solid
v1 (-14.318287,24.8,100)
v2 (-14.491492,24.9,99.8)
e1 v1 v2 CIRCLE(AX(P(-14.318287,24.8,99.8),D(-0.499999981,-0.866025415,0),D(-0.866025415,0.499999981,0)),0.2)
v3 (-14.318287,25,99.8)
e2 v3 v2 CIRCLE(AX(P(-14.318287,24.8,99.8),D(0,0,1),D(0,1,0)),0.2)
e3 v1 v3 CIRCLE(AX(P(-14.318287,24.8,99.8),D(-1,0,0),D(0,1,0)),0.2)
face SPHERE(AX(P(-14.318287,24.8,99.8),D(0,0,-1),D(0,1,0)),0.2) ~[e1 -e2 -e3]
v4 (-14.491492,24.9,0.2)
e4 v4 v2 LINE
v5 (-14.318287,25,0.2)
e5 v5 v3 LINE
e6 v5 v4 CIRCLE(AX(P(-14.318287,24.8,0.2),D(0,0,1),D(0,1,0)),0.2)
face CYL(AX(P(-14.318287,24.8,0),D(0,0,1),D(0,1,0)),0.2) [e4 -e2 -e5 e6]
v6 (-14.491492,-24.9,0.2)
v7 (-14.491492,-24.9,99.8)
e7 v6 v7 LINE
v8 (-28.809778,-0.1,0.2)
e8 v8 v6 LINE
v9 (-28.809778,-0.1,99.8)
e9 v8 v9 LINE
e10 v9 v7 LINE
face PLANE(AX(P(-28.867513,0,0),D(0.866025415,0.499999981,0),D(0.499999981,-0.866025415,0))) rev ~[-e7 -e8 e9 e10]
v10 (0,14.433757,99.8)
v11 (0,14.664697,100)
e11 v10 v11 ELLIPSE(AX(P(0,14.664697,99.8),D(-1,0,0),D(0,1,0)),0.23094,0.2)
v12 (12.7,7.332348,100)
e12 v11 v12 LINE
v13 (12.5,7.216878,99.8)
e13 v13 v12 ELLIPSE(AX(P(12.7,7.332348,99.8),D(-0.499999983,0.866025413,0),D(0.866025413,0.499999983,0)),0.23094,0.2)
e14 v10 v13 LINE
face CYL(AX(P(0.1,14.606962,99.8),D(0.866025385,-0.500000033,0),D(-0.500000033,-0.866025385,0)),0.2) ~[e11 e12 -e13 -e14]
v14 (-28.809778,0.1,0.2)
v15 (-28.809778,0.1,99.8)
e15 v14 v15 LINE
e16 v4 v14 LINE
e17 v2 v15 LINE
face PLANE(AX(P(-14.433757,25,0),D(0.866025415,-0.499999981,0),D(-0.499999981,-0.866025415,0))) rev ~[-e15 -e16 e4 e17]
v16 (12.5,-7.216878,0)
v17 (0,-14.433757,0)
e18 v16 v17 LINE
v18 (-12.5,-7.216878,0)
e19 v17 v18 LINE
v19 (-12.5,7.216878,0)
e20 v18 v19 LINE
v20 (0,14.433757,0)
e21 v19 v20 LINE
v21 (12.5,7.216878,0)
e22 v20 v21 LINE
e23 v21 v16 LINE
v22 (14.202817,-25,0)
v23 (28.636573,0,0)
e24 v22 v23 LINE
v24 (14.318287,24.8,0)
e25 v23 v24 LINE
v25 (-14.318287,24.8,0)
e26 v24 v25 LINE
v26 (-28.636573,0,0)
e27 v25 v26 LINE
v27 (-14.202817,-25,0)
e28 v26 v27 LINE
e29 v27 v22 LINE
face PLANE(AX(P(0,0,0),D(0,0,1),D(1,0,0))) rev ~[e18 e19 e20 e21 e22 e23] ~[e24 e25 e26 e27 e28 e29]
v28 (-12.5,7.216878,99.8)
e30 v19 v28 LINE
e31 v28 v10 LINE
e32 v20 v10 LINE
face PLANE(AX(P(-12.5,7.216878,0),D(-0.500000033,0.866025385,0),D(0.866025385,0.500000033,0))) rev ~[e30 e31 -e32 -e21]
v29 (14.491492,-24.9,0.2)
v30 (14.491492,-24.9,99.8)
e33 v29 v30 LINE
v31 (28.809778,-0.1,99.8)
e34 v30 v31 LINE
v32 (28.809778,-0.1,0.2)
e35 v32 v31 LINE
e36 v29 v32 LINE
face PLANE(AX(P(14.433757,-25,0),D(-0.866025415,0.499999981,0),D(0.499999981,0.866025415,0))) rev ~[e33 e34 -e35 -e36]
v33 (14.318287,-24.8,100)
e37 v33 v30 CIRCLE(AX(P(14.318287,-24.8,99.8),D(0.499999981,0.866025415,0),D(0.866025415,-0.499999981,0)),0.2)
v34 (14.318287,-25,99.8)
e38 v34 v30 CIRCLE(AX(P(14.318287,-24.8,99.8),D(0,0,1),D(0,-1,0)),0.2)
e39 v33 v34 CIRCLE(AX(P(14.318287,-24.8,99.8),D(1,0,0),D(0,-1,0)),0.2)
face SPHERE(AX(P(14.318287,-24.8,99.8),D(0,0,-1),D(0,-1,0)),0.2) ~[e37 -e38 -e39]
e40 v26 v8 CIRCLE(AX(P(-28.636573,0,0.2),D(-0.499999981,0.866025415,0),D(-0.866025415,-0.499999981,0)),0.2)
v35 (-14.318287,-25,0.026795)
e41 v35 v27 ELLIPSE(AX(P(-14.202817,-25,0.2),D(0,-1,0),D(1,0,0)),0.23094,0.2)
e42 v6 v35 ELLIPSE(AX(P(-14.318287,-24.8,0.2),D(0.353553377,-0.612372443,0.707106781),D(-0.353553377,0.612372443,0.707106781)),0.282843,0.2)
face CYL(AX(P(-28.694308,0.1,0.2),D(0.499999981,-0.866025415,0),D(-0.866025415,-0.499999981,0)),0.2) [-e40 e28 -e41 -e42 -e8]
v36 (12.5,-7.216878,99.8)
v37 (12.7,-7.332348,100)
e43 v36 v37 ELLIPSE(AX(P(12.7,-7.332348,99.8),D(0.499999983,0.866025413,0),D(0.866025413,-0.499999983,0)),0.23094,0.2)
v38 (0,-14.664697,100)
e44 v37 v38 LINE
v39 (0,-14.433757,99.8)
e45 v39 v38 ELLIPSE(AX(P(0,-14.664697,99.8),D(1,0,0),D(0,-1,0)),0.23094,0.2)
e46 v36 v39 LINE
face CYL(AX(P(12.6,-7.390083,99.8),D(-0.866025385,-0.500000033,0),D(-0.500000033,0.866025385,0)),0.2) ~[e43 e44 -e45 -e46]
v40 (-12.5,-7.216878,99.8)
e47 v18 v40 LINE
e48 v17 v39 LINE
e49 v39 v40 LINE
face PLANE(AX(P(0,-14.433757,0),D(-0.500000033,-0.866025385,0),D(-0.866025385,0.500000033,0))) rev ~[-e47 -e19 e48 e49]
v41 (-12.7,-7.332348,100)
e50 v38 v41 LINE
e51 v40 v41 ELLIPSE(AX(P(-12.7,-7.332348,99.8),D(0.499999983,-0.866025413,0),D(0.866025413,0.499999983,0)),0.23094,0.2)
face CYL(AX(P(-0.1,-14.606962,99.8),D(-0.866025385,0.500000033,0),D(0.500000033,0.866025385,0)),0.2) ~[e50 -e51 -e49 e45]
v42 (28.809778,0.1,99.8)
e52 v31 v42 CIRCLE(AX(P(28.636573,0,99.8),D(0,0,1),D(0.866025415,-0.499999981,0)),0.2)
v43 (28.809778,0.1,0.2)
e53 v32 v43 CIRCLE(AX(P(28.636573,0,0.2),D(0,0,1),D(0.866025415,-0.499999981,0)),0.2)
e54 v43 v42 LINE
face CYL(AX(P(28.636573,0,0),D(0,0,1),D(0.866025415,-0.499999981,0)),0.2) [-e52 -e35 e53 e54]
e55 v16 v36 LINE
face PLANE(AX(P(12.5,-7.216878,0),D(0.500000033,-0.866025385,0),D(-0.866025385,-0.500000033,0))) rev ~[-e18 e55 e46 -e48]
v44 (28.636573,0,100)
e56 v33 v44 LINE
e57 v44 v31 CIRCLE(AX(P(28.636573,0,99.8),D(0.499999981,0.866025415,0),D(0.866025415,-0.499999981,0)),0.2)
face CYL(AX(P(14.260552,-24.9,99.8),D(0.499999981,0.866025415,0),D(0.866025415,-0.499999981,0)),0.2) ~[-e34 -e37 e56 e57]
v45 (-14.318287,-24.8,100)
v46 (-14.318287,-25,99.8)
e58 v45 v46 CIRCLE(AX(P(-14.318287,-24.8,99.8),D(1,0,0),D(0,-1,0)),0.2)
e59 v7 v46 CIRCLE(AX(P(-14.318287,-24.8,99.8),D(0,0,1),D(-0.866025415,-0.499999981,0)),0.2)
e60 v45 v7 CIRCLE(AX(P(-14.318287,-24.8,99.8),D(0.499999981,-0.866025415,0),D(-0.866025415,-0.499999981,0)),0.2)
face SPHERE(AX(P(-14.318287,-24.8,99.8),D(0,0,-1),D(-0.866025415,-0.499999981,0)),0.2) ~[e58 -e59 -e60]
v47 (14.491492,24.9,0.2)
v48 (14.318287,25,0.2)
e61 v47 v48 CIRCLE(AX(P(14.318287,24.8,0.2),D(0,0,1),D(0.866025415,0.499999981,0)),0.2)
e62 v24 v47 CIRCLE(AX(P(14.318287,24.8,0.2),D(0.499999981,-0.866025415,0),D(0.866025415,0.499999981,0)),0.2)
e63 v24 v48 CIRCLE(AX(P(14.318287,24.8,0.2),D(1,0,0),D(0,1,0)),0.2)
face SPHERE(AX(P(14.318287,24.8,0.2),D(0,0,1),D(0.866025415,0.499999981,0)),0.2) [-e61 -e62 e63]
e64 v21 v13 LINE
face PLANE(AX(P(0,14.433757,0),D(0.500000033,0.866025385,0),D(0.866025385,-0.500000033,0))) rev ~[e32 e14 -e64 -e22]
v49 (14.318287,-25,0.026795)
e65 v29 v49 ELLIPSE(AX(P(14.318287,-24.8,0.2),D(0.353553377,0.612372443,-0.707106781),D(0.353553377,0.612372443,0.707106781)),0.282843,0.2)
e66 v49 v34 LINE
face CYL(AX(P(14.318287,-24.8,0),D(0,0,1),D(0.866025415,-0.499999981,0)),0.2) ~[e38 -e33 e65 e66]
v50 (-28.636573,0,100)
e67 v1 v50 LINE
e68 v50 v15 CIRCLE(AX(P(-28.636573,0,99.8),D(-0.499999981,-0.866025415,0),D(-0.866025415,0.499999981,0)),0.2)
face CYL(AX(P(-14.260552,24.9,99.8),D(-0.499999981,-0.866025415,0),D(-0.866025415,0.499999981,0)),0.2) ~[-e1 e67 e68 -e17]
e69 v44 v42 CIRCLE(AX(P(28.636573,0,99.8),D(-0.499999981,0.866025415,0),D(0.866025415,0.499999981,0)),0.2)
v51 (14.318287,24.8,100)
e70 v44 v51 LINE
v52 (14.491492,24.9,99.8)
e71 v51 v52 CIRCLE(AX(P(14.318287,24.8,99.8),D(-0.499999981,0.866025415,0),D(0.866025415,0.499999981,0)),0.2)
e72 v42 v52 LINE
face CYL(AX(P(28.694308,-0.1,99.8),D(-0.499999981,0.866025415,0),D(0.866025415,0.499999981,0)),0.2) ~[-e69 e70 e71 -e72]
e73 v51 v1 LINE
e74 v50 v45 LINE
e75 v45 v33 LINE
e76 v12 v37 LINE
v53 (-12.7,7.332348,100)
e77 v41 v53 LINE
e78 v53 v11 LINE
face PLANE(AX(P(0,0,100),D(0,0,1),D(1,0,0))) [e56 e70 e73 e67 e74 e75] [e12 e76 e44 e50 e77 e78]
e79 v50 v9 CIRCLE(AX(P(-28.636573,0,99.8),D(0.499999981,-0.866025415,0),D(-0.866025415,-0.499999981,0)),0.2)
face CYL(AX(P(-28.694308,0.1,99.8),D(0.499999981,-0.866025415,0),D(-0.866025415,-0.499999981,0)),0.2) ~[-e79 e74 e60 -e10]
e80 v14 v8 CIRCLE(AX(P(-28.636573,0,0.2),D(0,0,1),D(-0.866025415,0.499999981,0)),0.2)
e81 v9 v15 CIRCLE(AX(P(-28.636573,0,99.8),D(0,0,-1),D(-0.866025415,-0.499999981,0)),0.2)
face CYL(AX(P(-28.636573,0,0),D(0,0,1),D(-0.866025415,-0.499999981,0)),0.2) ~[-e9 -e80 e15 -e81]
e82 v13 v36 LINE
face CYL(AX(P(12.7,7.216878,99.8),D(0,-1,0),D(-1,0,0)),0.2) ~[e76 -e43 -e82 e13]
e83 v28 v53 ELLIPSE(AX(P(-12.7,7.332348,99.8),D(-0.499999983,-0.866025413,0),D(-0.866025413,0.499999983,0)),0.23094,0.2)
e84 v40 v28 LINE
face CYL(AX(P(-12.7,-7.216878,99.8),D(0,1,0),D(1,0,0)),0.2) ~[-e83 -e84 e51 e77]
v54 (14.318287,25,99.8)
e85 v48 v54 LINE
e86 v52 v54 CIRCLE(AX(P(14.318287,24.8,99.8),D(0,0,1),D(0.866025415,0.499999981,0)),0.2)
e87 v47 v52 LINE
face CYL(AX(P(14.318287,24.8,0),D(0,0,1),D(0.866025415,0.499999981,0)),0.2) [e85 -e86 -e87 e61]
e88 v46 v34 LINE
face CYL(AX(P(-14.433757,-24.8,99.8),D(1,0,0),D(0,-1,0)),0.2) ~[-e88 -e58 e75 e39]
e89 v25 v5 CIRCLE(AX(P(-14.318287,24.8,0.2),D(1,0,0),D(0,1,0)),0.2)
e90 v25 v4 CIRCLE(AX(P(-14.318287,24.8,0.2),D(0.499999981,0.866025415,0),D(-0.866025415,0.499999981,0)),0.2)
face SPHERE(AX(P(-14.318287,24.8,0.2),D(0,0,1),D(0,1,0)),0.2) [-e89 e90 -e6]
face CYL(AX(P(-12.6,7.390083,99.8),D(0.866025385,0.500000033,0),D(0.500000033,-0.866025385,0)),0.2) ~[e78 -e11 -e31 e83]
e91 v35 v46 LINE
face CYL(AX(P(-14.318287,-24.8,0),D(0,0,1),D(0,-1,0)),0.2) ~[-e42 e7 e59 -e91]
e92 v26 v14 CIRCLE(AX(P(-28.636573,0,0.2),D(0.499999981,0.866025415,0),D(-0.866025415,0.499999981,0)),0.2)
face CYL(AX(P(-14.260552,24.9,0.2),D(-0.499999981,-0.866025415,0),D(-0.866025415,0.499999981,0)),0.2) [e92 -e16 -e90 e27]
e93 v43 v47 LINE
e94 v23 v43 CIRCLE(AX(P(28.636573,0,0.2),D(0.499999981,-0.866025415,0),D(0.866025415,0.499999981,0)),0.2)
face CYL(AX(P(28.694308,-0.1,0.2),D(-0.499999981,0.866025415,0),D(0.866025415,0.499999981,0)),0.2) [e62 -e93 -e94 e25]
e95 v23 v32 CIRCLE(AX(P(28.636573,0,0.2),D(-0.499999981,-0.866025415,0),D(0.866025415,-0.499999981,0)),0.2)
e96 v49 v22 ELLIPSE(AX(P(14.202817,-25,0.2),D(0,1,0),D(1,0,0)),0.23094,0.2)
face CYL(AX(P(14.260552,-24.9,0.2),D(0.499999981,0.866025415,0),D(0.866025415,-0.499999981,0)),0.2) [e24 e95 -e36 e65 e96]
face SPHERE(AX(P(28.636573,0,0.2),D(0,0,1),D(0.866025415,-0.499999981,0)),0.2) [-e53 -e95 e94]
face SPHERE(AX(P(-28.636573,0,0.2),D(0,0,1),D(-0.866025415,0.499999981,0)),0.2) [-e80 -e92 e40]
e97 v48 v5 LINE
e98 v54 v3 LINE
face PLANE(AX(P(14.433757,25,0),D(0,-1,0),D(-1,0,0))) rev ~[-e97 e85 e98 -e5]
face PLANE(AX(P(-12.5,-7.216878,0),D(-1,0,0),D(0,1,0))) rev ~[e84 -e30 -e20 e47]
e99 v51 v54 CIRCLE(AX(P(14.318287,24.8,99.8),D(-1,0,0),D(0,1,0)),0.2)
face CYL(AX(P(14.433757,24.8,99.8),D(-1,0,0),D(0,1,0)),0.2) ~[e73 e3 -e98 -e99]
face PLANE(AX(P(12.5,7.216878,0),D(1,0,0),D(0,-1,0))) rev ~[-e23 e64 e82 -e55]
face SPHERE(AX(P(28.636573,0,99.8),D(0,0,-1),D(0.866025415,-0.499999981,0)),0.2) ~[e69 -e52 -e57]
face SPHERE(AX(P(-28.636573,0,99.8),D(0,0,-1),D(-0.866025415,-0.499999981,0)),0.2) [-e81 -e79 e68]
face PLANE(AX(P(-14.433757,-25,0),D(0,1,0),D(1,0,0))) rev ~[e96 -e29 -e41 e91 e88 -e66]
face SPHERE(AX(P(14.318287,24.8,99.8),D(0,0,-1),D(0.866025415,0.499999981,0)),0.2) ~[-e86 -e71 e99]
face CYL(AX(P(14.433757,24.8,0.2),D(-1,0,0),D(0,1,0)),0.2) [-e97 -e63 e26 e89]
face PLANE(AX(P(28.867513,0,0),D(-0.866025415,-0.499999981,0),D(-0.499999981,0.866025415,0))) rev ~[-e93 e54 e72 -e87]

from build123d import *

# Parameters (mm, degrees)
F1_DEPTH = 100
F2_R     = 0.2


with BuildPart() as f1:
    # F0 (on Top) → F1 (new body)
    with BuildSketch(Plane.XY):
        Polygon((14.433757, -25), (28.867513, 0), (14.433757, 25), (-14.433757, 25), (-28.867513, 0), (-14.433757, -25), align=None)
        Polygon((-12.5, 7.216878), (0, 14.433757), (12.5, 7.216878), (12.5, -7.216878), (0, -14.433757), (-12.5, -7.216878), align=None, mode=Mode.SUBTRACT)
    extrude(amount=F1_DEPTH)

    # F2
    f2_edges = [f1.edges().sort_by_distance(p)[0] for p in [
        (-21.650635, -12.5, 100),
        (0, -25, 100),
        (21.650635, -12.5, 100),
        (21.650635, 12.5, 100),
        (0, 25, 100),
        (-21.650635, 12.5, 100),
        (-12.5, 0, 100),
        (-6.25, 10.825318, 100),
        (6.25, 10.825318, 100),
        (12.5, 0, 100),
        (6.25, -10.825318, 100),
        (-6.25, -10.825318, 100),
        (14.433757, -25, 50),
        (28.867513, 0, 50),
        (21.650635, -12.5, 0),
        (14.433757, 25, 50),
        (21.650635, 12.5, 0),
        (-14.433757, 25, 50),
        (0, 25, 0),
        (-28.867513, 0, 50),
        (-21.650635, 12.5, 0),
        (-14.433757, -25, 50),
        (-21.650635, -12.5, 0),
    ]]
    fillet(f2_edges, radius=F2_R)


solid = f1.part
